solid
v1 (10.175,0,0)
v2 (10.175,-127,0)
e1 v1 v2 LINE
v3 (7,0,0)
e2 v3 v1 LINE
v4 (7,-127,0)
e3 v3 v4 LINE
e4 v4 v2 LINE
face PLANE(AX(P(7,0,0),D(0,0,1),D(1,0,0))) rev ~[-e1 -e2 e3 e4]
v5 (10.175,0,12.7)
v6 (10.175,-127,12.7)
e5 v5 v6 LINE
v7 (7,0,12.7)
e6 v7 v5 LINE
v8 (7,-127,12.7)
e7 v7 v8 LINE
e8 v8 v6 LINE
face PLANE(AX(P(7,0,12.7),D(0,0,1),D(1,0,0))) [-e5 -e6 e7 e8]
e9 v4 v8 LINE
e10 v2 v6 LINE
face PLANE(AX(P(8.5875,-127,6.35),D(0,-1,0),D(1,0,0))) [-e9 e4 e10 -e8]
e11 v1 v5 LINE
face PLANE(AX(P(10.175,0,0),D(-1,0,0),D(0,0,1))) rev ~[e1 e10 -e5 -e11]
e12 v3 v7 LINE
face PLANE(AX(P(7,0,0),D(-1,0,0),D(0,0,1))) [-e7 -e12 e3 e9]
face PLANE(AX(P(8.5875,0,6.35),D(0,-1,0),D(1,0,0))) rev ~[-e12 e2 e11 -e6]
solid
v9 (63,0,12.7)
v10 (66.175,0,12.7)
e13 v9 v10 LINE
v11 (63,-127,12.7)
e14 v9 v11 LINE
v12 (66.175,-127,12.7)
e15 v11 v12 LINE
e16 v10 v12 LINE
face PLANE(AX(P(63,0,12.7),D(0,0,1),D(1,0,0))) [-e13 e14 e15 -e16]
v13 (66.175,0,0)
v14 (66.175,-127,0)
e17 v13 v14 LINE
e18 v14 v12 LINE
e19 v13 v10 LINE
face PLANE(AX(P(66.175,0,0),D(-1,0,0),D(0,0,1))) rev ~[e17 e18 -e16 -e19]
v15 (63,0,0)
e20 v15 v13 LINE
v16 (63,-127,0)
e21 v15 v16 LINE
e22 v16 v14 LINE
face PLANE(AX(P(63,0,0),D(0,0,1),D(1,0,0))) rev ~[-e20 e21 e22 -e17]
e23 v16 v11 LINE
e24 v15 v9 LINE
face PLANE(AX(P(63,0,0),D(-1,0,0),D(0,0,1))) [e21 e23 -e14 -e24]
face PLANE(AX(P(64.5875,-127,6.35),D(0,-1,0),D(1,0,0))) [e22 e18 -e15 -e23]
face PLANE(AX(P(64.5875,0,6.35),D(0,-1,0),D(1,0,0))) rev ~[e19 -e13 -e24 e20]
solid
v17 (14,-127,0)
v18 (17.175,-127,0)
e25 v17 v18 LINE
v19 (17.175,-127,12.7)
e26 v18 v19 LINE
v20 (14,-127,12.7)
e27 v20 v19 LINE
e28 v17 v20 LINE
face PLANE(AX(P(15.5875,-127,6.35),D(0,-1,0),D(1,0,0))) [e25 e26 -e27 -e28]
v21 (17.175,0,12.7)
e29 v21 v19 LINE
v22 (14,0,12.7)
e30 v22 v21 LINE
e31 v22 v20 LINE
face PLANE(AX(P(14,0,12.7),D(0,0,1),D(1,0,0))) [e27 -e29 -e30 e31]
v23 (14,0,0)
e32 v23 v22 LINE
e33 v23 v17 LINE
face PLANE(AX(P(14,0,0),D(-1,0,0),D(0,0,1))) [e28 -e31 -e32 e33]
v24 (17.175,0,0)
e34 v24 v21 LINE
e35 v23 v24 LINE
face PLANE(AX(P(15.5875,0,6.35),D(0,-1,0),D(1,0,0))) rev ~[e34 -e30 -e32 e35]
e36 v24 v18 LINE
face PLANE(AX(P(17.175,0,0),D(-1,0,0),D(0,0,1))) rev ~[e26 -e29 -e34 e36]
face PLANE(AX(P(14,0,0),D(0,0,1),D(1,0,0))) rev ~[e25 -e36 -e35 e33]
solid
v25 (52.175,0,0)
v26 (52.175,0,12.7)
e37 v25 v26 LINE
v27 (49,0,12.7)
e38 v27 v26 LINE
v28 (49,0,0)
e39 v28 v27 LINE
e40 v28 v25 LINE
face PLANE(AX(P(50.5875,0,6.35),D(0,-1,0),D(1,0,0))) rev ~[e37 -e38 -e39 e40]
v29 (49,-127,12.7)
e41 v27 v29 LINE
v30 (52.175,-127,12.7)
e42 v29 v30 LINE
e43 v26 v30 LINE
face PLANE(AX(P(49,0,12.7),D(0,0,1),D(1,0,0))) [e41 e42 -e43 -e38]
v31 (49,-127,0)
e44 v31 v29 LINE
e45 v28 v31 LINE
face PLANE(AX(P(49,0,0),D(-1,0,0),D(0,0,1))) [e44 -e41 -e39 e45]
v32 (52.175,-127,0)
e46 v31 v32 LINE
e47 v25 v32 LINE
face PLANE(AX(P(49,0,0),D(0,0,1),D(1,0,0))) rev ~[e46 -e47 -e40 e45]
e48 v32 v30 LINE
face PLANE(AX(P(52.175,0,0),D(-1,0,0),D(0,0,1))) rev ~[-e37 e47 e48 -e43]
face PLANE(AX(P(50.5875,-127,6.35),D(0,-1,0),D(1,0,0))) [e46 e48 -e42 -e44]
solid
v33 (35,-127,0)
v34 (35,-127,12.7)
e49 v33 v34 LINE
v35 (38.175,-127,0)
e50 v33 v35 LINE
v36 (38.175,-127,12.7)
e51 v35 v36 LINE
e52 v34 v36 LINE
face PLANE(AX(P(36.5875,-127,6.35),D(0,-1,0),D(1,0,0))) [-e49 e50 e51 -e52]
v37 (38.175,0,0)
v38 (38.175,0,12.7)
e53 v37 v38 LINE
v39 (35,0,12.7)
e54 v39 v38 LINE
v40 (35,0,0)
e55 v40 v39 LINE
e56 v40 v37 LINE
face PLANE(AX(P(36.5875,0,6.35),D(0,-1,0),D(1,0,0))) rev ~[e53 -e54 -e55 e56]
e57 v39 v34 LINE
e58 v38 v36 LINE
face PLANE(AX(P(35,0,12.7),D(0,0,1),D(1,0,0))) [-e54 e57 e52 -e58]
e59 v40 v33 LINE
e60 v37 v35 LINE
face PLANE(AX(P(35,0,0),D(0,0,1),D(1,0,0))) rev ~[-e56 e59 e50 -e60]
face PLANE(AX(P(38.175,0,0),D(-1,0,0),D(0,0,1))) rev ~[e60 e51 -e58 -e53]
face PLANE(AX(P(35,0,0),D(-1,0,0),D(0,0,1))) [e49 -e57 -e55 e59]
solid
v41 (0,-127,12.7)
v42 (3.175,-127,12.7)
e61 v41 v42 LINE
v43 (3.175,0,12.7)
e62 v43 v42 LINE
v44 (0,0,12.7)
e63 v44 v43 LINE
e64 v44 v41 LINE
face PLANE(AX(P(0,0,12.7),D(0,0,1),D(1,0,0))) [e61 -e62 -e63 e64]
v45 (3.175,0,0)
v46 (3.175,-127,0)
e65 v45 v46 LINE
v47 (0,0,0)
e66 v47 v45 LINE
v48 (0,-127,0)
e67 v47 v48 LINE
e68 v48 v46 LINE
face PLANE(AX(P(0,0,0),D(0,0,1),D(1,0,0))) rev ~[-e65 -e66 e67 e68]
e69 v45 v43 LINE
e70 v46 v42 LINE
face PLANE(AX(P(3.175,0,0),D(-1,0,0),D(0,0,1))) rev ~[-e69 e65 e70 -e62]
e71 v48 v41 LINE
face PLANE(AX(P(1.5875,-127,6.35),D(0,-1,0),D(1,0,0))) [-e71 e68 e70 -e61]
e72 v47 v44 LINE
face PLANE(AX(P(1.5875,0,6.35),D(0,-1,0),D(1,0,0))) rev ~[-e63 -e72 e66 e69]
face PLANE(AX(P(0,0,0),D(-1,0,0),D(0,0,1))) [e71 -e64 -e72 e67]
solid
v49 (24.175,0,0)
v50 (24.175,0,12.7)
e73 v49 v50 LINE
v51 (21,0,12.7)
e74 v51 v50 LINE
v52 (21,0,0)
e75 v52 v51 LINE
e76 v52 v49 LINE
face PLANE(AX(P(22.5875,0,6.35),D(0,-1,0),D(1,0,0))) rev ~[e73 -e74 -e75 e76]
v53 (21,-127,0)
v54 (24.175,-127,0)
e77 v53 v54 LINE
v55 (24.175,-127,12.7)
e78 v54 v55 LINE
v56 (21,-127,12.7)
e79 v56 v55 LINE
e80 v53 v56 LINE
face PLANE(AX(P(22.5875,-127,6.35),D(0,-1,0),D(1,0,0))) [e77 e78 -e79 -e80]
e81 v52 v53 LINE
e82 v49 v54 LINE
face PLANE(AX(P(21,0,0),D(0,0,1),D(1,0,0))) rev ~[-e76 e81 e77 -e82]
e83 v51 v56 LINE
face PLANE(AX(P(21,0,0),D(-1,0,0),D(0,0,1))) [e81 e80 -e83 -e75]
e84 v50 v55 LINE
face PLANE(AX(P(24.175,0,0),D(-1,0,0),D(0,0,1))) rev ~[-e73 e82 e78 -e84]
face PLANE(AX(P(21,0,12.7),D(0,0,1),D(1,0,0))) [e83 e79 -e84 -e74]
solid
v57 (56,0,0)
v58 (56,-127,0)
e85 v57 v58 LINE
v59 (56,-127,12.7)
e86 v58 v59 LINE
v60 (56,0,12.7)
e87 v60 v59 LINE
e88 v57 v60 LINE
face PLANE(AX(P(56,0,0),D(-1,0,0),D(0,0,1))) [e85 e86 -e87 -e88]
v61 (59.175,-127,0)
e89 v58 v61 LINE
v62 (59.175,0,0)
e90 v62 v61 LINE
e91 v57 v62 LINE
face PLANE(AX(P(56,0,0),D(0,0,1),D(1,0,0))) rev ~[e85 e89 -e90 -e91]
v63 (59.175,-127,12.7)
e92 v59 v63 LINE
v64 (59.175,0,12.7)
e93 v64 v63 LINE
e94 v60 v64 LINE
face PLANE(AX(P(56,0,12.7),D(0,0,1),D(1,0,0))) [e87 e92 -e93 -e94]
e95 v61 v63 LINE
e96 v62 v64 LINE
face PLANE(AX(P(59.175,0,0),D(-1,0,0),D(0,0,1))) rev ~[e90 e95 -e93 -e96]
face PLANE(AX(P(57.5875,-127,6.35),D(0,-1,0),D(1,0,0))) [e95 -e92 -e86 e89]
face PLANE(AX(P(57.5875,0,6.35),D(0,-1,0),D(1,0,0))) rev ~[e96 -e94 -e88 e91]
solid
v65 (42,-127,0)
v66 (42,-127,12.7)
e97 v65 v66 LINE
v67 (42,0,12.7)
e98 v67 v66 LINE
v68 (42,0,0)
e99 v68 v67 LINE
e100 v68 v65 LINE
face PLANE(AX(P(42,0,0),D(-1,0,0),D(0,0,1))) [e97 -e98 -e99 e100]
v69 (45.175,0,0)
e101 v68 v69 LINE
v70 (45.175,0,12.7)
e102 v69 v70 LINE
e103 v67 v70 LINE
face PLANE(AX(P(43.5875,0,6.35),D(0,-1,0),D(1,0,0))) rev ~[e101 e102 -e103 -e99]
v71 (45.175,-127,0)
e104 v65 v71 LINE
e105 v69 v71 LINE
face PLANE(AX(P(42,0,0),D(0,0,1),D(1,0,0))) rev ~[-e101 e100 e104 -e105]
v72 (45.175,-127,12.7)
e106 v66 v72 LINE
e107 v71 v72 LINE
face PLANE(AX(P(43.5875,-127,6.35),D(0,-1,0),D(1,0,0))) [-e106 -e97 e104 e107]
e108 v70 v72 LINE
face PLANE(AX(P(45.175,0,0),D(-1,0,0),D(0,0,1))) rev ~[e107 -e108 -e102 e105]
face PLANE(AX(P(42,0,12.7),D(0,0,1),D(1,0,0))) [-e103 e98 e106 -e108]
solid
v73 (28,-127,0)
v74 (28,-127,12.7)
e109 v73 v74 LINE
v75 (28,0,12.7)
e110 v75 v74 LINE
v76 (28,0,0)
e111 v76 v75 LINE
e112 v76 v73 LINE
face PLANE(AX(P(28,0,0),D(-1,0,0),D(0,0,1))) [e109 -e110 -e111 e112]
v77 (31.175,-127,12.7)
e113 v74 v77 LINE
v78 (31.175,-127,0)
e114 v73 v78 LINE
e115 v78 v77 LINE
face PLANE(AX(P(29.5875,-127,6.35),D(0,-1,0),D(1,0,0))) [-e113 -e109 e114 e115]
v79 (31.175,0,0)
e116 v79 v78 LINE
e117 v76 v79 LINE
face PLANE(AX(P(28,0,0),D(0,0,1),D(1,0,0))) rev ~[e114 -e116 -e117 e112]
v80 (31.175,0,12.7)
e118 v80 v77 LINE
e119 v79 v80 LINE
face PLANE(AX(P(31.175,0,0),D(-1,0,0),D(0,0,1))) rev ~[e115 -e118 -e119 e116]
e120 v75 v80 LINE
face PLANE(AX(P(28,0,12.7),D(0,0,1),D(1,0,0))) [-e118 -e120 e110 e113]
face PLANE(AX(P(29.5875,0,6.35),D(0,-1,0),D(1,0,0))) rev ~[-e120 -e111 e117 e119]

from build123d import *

# Parameters (mm, degrees)
F0_W     = 3.175
F0_H     = 12.7
F1_DEPTH = 127


with BuildPart() as f1:
    # F0 (on Front) → F1 (new body)
    with BuildSketch(Plane.XZ):
        with Locations((1.5875, 6.35)):
            Rectangle(F0_W, F0_H)
        with Locations((8.5875, 6.35)):
            Rectangle(F0_W, F0_H)
        with Locations((15.5875, 6.35)):
            Rectangle(F0_W, F0_H)
        with Locations((22.5875, 6.35)):
            Rectangle(F0_W, F0_H)
        with Locations((29.5875, 6.35)):
            Rectangle(F0_W, F0_H)
        with Locations((36.5875, 6.35)):
            Rectangle(F0_W, F0_H)
        with Locations((43.5875, 6.35)):
            Rectangle(F0_W, F0_H)
        with Locations((50.5875, 6.35)):
            Rectangle(F0_W, F0_H)
        with Locations((57.5875, 6.35)):
            Rectangle(F0_W, F0_H)
        with Locations((64.5875, 6.35)):
            Rectangle(F0_W, F0_H)
    extrude(amount=F1_DEPTH)


solid = f1.part
